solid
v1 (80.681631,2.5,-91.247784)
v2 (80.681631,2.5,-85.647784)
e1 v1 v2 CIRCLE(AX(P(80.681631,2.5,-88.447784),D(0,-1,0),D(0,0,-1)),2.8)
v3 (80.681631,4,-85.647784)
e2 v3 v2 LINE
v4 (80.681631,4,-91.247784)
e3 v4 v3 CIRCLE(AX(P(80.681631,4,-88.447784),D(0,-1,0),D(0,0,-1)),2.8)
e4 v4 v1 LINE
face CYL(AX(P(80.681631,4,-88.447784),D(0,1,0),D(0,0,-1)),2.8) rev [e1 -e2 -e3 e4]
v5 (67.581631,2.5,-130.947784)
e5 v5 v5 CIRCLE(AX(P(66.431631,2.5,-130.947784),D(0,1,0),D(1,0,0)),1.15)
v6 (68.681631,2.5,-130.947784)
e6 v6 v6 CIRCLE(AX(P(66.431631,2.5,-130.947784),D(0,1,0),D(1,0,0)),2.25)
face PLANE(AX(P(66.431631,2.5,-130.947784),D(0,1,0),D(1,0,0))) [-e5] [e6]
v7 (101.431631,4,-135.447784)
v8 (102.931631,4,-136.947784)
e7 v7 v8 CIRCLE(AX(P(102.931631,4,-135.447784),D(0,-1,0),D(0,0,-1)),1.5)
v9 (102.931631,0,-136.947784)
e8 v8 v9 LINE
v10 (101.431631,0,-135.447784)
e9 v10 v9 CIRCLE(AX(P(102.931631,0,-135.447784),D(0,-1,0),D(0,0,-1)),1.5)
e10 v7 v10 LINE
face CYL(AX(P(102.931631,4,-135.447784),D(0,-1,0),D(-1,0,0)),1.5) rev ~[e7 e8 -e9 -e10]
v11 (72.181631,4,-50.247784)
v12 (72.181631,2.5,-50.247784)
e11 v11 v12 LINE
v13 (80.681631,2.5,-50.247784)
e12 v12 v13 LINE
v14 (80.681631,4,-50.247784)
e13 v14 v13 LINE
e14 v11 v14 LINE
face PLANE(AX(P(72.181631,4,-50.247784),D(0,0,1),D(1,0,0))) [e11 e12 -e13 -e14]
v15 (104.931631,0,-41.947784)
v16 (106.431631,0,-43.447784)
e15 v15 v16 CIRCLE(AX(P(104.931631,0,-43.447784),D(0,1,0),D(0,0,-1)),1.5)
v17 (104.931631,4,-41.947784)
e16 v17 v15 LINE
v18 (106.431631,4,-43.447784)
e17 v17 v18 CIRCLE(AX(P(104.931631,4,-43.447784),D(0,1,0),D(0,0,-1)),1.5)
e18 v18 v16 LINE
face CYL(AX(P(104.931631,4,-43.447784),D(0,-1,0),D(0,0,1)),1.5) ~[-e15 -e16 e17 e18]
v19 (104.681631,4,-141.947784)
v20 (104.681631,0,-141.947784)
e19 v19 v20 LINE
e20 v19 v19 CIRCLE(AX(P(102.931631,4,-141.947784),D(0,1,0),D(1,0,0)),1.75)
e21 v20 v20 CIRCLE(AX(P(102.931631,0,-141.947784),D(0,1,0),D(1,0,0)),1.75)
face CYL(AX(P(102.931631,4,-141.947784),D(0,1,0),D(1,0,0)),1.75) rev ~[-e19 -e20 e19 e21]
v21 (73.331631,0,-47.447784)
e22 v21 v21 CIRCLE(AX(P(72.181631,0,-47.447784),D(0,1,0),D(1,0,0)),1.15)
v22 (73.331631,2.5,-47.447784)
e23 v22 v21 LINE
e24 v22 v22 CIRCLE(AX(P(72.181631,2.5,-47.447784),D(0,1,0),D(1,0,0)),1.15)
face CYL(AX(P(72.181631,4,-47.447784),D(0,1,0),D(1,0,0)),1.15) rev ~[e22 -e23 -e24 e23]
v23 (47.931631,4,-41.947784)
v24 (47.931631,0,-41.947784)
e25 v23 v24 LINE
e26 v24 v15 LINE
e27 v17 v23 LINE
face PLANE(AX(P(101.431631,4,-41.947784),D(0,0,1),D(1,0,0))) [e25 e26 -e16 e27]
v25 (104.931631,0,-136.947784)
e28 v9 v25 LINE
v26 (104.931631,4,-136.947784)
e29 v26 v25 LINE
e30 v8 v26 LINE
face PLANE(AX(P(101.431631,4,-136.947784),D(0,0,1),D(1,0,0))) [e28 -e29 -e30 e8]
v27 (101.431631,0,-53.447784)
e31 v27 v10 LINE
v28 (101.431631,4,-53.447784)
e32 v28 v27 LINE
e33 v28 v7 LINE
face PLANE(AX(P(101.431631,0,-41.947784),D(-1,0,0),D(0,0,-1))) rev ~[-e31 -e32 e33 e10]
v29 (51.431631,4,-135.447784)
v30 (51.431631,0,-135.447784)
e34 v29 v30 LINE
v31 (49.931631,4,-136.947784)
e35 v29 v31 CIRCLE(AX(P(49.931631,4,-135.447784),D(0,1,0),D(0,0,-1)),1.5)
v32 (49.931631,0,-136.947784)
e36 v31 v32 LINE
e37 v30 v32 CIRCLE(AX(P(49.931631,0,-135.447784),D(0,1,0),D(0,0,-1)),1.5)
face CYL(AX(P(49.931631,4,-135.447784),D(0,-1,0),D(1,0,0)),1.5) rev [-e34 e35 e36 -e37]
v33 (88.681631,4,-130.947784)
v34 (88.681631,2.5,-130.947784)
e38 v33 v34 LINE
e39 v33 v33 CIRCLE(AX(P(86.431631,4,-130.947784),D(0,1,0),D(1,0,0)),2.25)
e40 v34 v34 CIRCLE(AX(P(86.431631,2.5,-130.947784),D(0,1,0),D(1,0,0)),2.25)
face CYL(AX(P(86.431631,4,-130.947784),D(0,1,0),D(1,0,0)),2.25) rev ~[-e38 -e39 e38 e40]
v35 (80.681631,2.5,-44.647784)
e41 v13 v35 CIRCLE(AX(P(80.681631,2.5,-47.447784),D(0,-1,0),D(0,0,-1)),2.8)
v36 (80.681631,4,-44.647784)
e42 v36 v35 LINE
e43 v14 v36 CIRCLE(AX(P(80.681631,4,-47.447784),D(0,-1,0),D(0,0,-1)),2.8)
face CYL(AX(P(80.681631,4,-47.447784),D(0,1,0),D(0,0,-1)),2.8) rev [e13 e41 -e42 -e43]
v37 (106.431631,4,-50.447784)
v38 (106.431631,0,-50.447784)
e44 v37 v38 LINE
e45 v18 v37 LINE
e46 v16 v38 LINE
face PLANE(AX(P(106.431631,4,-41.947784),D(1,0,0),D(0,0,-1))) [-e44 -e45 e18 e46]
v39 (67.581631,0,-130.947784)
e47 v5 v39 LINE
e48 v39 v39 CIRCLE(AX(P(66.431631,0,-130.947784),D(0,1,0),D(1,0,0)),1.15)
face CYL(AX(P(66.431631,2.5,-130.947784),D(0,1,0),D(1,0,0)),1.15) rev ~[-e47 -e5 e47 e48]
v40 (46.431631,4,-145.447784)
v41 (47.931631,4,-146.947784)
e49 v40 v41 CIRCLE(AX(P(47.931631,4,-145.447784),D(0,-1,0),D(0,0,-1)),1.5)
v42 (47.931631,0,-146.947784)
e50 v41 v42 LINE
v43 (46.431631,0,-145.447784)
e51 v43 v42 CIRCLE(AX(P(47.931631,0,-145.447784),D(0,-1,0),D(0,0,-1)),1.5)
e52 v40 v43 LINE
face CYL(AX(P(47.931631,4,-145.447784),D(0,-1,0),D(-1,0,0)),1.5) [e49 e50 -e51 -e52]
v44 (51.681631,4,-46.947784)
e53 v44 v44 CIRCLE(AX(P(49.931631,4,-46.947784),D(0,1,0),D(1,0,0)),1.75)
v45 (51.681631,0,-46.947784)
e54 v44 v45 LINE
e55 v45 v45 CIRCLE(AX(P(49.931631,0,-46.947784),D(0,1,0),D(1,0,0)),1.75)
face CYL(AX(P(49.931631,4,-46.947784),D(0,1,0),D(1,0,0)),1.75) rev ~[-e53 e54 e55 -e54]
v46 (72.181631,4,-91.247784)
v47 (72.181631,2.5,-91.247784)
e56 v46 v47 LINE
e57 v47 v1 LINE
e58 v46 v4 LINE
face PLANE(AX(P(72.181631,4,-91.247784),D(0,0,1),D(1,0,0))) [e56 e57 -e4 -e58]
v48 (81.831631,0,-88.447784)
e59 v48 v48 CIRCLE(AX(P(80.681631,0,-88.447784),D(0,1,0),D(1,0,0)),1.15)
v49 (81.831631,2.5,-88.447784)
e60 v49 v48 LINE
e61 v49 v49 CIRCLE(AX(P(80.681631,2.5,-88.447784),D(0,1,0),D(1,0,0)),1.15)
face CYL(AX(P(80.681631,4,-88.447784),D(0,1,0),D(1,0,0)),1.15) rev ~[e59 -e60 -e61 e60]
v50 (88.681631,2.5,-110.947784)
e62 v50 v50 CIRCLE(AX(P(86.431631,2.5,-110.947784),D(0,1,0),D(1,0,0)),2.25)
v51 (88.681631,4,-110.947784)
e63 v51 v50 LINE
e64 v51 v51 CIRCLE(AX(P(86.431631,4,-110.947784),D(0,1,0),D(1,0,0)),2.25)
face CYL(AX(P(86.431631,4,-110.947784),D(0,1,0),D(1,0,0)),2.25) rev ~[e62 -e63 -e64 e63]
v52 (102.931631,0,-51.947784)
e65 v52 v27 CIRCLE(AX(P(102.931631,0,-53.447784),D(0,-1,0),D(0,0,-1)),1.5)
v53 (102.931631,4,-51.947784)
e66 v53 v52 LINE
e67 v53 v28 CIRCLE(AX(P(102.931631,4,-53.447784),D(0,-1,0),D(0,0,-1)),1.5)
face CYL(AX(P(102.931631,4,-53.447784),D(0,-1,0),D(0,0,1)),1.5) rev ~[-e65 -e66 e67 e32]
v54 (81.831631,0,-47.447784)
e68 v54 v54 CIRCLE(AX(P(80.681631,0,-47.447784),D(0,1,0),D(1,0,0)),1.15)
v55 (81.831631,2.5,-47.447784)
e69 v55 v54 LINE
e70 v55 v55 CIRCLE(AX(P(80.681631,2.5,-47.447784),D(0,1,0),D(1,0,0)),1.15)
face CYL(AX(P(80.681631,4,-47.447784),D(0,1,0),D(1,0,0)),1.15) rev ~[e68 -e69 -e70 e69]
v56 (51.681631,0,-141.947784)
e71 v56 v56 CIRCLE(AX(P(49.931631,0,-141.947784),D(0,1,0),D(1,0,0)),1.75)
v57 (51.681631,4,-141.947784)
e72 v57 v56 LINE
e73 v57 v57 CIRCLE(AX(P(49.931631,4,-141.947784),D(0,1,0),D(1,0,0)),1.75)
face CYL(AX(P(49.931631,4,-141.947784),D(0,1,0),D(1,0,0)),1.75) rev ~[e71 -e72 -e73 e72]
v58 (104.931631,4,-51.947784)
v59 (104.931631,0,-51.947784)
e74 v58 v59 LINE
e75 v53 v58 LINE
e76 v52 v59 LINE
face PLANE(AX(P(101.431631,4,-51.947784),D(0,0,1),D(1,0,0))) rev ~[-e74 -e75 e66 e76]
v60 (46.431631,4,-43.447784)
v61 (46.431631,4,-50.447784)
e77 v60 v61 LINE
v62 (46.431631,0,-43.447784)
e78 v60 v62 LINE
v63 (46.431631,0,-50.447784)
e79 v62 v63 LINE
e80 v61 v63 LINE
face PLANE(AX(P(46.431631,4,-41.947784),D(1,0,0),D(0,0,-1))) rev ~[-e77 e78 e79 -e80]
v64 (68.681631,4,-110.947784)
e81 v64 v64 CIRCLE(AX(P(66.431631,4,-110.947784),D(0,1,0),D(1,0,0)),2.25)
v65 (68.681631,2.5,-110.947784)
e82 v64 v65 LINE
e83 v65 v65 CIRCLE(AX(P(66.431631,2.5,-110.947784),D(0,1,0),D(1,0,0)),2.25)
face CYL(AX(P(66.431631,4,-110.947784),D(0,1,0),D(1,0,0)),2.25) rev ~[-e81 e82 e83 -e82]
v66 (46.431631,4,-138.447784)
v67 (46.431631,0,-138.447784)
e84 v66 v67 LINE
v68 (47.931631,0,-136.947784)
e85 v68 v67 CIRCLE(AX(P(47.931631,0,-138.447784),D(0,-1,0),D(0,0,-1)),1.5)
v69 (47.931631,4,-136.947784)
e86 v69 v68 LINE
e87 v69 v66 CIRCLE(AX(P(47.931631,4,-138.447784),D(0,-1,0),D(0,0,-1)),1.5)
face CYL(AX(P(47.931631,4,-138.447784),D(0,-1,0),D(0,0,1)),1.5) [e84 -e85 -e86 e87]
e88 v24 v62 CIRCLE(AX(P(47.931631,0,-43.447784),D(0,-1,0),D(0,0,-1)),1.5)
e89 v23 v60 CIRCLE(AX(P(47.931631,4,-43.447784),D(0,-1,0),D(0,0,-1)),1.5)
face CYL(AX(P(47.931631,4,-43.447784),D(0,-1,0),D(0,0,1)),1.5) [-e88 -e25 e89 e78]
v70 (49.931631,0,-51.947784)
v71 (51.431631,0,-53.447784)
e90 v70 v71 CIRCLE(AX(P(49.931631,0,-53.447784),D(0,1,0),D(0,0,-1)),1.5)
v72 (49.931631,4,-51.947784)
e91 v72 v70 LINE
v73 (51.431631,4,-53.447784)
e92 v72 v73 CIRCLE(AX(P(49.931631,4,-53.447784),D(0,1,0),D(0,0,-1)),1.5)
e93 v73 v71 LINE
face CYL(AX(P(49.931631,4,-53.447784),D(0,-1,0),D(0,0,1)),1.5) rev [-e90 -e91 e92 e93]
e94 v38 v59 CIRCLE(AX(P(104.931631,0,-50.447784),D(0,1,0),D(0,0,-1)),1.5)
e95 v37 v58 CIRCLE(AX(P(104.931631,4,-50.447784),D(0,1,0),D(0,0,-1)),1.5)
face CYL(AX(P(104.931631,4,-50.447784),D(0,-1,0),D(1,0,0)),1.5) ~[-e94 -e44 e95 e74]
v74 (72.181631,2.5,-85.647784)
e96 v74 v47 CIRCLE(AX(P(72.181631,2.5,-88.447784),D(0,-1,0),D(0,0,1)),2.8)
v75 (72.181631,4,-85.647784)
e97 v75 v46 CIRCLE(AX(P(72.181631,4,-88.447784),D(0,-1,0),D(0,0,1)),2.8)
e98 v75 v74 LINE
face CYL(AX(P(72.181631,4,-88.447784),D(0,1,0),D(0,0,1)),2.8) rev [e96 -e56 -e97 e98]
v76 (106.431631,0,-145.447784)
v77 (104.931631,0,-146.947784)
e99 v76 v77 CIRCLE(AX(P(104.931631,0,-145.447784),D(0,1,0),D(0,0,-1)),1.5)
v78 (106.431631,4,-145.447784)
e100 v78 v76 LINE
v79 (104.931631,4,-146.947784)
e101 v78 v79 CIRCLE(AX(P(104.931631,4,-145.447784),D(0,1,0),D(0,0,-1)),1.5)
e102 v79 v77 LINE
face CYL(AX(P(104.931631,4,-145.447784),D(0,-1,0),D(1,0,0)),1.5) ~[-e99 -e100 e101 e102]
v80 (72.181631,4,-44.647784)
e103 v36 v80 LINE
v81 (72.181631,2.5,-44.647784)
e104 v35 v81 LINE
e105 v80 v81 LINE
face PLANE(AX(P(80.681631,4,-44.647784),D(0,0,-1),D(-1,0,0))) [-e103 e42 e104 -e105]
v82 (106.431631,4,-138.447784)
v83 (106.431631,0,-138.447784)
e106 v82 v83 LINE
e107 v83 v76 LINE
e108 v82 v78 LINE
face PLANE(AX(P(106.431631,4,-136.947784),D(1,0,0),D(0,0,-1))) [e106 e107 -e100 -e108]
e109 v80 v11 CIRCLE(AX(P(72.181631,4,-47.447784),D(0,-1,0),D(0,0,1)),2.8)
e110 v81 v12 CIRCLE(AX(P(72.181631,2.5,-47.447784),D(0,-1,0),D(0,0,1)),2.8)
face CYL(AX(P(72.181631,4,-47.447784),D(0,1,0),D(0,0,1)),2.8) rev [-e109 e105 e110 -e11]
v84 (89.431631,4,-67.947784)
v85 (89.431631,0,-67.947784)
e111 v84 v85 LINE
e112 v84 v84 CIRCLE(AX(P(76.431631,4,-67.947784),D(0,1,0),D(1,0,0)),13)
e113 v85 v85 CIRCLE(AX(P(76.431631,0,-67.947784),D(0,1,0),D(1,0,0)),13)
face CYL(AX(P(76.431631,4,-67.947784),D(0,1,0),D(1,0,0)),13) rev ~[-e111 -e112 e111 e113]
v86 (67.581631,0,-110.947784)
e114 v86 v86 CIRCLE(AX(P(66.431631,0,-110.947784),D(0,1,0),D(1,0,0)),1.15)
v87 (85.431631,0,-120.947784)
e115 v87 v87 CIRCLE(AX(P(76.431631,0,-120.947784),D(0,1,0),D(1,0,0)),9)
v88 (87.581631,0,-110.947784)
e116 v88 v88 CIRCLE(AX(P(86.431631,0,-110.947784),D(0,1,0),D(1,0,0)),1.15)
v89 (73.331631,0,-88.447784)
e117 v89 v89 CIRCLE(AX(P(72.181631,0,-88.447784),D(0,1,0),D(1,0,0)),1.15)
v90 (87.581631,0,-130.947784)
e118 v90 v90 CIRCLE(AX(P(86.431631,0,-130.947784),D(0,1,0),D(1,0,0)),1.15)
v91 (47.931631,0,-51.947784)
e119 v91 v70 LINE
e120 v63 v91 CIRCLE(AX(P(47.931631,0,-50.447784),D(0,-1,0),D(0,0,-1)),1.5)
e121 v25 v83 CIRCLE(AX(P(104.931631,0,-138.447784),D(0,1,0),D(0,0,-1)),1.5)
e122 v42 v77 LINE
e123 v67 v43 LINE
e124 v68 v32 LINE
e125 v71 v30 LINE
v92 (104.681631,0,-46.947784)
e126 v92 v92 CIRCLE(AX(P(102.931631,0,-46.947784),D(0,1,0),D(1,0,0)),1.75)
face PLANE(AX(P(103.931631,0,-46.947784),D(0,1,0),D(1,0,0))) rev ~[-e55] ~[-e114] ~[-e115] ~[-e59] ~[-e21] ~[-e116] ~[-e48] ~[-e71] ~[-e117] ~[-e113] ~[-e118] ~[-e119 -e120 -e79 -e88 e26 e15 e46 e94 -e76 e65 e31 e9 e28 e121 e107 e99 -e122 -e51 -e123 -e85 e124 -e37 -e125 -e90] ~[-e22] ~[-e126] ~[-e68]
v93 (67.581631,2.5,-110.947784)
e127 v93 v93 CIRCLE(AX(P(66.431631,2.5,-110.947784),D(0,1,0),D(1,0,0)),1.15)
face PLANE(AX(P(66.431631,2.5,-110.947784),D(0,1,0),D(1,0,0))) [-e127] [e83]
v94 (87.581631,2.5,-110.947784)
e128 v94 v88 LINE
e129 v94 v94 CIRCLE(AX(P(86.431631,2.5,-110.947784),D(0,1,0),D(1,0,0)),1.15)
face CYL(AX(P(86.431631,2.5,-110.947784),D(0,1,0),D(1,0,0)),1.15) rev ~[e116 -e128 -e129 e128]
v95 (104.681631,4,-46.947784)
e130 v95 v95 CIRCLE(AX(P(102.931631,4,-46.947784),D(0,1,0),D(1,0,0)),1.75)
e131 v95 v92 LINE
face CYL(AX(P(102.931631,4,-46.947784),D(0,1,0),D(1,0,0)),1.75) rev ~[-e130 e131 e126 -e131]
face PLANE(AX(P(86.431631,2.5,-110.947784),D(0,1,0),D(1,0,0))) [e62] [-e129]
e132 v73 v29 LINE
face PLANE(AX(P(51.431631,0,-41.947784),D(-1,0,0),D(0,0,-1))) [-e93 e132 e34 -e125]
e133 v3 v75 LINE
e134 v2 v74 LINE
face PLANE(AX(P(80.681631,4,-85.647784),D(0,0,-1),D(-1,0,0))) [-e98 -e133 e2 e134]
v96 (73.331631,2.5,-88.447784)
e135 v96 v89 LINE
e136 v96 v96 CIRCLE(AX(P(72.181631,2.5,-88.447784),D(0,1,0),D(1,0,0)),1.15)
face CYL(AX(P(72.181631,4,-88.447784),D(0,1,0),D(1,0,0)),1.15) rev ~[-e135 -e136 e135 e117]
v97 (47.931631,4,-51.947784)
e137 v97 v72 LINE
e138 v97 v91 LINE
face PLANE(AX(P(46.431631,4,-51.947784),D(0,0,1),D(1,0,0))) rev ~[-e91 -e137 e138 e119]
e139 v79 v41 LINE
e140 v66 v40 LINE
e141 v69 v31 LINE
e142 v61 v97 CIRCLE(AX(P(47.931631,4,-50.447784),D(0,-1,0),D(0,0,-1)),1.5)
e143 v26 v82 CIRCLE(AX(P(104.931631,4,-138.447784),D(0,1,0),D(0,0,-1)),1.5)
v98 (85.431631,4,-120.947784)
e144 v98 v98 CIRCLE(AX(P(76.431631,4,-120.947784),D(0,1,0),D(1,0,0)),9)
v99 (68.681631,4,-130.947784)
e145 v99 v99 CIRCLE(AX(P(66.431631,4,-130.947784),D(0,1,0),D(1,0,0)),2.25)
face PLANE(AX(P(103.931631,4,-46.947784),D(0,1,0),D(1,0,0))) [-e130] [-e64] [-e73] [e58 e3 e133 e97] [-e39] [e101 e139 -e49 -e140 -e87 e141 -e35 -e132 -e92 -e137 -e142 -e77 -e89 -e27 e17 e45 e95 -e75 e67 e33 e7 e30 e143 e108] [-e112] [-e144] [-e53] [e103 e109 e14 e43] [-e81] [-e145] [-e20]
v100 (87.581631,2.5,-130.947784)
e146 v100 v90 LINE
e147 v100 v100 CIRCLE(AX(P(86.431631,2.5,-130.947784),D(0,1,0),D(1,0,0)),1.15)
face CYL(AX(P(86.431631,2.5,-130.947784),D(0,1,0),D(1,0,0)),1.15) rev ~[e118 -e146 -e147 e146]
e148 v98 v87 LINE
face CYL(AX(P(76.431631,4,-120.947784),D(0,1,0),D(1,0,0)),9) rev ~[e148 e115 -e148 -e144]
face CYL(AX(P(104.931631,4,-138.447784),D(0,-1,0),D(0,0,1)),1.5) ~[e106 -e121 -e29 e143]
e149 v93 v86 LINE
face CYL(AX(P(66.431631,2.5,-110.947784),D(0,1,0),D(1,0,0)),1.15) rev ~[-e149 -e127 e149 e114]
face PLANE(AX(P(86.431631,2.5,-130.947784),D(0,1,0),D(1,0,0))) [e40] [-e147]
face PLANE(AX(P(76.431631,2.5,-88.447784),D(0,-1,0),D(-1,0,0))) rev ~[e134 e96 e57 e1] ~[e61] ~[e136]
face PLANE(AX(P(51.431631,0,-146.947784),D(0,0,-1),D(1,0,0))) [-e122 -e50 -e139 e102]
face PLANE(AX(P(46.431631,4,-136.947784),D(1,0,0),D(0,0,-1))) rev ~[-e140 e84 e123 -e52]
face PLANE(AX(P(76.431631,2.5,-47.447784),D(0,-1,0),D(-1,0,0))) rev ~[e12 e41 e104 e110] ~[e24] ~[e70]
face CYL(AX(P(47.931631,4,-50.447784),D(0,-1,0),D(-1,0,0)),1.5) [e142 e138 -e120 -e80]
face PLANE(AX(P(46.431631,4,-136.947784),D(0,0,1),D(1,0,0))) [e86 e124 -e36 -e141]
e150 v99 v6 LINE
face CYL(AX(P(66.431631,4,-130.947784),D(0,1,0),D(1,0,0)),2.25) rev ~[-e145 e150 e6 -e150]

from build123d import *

# Parameters (mm, degrees)
SKETCH_1_W          = 50
SKETCH_1_H          = 105
EXTRUDE_1_DEPTH     = 4
SKETCH_2_R          = 1.15
CUT_EXTRUDE_1_DEPTH = 5
CUT_EXTRUDE_2_DEPTH = 1.5
SKETCH_4_R          = 2.25
CUT_EXTRUDE_3_DEPTH = 1.5
SKETCH_5_R          = 1.15
CUT_EXTRUDE_4_DEPTH = 3.5
SKETCH_6_W          = 5
SKETCH_6_H          = 10
EXTRUDE_2_DEPTH     = 4
SKETCH_7_R          = 1.75
CUT_EXTRUDE_5_DEPTH = 5
SKETCH_8_R          = 13
SKETCH_8_R_2        = 9
CUT_EXTRUDE_6_DEPTH = 5
FILLET_1_R          = 1.5


with BuildPart() as part:
    # 草图1 → 凸台-拉伸1 (new body)
    with BuildSketch(Plane(origin=(0, 0, 0), x_dir=(1, 0, 0), z_dir=(0, 1, 0))):
        with Locations((76.431630633, 94.447783849)):
            Rectangle(SKETCH_1_W, SKETCH_1_H)
    extrude(amount=EXTRUDE_1_DEPTH)

    # 草图2 → 切除-拉伸1 (cut)
    with BuildSketch(Plane(origin=(0, 4, 0), x_dir=(1, 0, 0), z_dir=(0, 1, 0))):
        with Locations((72.181630633, 88.447783849)):
            Circle(SKETCH_2_R)
        with Locations((72.181630633, 47.447783849)):
            Circle(SKETCH_2_R)
        with Locations((80.681630633, 47.447783849)):
            Circle(SKETCH_2_R)
        with Locations((80.681630633, 88.447783849)):
            Circle(SKETCH_2_R)
    extrude(amount=-CUT_EXTRUDE_1_DEPTH, mode=Mode.SUBTRACT)

    # 草图3 → 切除-拉伸2 (cut)
    with BuildSketch(Plane(origin=(0, 4, 0), x_dir=(1, 0, 0), z_dir=(0, 1, 0))):
        with BuildLine():
            Line((72.181630633, 91.247783849), (80.681630633, 91.247783849))
            ThreePointArc((80.681630633, 91.247783849), (83.481630633, 88.447783849), (80.681630633, 85.647783849))
            Line((80.681630633, 85.647783849), (72.181630633, 85.647783849))
            ThreePointArc((72.181630633, 85.647783849), (69.381630633, 88.447783849), (72.181630633, 91.247783849))
        make_face()
        with BuildLine():
            Line((80.681630633, 44.647783849), (72.181630633, 44.647783849))
            ThreePointArc((72.181630633, 44.647783849), (69.381630633, 47.447783849), (72.181630633, 50.247783849))
            Line((72.181630633, 50.247783849), (80.681630633, 50.247783849))
            ThreePointArc((80.681630633, 50.247783849), (83.481630633, 47.447783849), (80.681630633, 44.647783849))
        make_face()
    extrude(amount=-CUT_EXTRUDE_2_DEPTH, mode=Mode.SUBTRACT)

    # 草图4 → 切除-拉伸3 (cut)
    with BuildSketch(Plane(origin=(0, 4, 0), x_dir=(1, 0, 0), z_dir=(0, 1, 0))):
        with Locations((86.431630633, 130.947783849)):
            Circle(SKETCH_4_R)
        with Locations((86.431630633, 110.947783849)):
            Circle(SKETCH_4_R)
        with Locations((66.431630633, 110.947783849)):
            Circle(SKETCH_4_R)
        with Locations((66.431630633, 130.947783849)):
            Circle(SKETCH_4_R)
    extrude(amount=-CUT_EXTRUDE_3_DEPTH, mode=Mode.SUBTRACT)

    # 草图5 → 切除-拉伸4 (cut, through all)
    with BuildSketch(Plane(origin=(0, 2.5, 0), x_dir=(1, 0, 0), z_dir=(0, 1, 0))):
        with Locations((66.431630633, 130.947783849)):
            Circle(SKETCH_5_R)
        with Locations((86.431630633, 130.947783849)):
            Circle(SKETCH_5_R)
        with Locations((66.431630633, 110.947783849)):
            Circle(SKETCH_5_R)
        with Locations((86.431630633, 110.947783849)):
            Circle(SKETCH_5_R)
    extrude(amount=-CUT_EXTRUDE_4_DEPTH, mode=Mode.SUBTRACT)

    # 草图6 → 凸台-拉伸2 (add)
    with BuildSketch(Plane(origin=(0, 4, 0), x_dir=(1, 0, 0), z_dir=(0, 1, 0))):
        with Locations((103.931630633, 46.947783849)):
            Rectangle(SKETCH_6_W, SKETCH_6_H)
        with Locations((48.931630633, 46.947783849)):
            Rectangle(SKETCH_6_W, SKETCH_6_H)
        with Locations((48.931630633, 141.947783849)):
            Rectangle(SKETCH_6_W, SKETCH_6_H)
        with Locations((103.931630633, 141.947783849)):
            Rectangle(SKETCH_6_W, SKETCH_6_H)
    extrude(amount=-EXTRUDE_2_DEPTH)

    # 草图7 → 切除-拉伸5 (cut, through all)
    with BuildSketch(Plane(origin=(0, 4, 0), x_dir=(1, 0, 0), z_dir=(0, 1, 0))):
        with Locations((102.931630633, 46.947783849)):
            Circle(SKETCH_7_R)
        with Locations((49.931630633, 46.947783849)):
            Circle(SKETCH_7_R)
        with Locations((49.931630633, 141.947783849)):
            Circle(SKETCH_7_R)
        with Locations((102.931630633, 141.947783849)):
            Circle(SKETCH_7_R)
    extrude(amount=-CUT_EXTRUDE_5_DEPTH, mode=Mode.SUBTRACT)

    # 草图8 → 切除-拉伸6 (cut, through all)
    with BuildSketch(Plane(origin=(0, 4, 0), x_dir=(1, 0, 0), z_dir=(0, 1, 0))):
        with Locations((76.431630633, 67.947783849)):
            Circle(SKETCH_8_R)
        with Locations((76.431630633, 120.947783849)):
            Circle(SKETCH_8_R_2)
    extrude(amount=-CUT_EXTRUDE_6_DEPTH, mode=Mode.SUBTRACT)

    # 圆角1
    fillet_1_edges = [part.edges().sort_by_distance(p)[0] for p in [
        (106.431630633, 2, -146.947783849),
        (106.431630633, 2, -136.947783849),
        (101.431630633, 2, -136.947783849),
        (51.431630633, 2, -136.947783849),
        (46.431630633, 2, -136.947783849),
        (46.431630633, 2, -146.947783849),
        (51.431630633, 2, -51.947783849),
        (46.431630633, 2, -41.947783849),
        (46.431630633, 2, -51.947783849),
        (106.431630633, 2, -41.947783849),
        (101.431630633, 2, -51.947783849),
        (106.431630633, 2, -51.947783849),
    ]]
    fillet(fillet_1_edges, radius=FILLET_1_R)


solid = part.part
